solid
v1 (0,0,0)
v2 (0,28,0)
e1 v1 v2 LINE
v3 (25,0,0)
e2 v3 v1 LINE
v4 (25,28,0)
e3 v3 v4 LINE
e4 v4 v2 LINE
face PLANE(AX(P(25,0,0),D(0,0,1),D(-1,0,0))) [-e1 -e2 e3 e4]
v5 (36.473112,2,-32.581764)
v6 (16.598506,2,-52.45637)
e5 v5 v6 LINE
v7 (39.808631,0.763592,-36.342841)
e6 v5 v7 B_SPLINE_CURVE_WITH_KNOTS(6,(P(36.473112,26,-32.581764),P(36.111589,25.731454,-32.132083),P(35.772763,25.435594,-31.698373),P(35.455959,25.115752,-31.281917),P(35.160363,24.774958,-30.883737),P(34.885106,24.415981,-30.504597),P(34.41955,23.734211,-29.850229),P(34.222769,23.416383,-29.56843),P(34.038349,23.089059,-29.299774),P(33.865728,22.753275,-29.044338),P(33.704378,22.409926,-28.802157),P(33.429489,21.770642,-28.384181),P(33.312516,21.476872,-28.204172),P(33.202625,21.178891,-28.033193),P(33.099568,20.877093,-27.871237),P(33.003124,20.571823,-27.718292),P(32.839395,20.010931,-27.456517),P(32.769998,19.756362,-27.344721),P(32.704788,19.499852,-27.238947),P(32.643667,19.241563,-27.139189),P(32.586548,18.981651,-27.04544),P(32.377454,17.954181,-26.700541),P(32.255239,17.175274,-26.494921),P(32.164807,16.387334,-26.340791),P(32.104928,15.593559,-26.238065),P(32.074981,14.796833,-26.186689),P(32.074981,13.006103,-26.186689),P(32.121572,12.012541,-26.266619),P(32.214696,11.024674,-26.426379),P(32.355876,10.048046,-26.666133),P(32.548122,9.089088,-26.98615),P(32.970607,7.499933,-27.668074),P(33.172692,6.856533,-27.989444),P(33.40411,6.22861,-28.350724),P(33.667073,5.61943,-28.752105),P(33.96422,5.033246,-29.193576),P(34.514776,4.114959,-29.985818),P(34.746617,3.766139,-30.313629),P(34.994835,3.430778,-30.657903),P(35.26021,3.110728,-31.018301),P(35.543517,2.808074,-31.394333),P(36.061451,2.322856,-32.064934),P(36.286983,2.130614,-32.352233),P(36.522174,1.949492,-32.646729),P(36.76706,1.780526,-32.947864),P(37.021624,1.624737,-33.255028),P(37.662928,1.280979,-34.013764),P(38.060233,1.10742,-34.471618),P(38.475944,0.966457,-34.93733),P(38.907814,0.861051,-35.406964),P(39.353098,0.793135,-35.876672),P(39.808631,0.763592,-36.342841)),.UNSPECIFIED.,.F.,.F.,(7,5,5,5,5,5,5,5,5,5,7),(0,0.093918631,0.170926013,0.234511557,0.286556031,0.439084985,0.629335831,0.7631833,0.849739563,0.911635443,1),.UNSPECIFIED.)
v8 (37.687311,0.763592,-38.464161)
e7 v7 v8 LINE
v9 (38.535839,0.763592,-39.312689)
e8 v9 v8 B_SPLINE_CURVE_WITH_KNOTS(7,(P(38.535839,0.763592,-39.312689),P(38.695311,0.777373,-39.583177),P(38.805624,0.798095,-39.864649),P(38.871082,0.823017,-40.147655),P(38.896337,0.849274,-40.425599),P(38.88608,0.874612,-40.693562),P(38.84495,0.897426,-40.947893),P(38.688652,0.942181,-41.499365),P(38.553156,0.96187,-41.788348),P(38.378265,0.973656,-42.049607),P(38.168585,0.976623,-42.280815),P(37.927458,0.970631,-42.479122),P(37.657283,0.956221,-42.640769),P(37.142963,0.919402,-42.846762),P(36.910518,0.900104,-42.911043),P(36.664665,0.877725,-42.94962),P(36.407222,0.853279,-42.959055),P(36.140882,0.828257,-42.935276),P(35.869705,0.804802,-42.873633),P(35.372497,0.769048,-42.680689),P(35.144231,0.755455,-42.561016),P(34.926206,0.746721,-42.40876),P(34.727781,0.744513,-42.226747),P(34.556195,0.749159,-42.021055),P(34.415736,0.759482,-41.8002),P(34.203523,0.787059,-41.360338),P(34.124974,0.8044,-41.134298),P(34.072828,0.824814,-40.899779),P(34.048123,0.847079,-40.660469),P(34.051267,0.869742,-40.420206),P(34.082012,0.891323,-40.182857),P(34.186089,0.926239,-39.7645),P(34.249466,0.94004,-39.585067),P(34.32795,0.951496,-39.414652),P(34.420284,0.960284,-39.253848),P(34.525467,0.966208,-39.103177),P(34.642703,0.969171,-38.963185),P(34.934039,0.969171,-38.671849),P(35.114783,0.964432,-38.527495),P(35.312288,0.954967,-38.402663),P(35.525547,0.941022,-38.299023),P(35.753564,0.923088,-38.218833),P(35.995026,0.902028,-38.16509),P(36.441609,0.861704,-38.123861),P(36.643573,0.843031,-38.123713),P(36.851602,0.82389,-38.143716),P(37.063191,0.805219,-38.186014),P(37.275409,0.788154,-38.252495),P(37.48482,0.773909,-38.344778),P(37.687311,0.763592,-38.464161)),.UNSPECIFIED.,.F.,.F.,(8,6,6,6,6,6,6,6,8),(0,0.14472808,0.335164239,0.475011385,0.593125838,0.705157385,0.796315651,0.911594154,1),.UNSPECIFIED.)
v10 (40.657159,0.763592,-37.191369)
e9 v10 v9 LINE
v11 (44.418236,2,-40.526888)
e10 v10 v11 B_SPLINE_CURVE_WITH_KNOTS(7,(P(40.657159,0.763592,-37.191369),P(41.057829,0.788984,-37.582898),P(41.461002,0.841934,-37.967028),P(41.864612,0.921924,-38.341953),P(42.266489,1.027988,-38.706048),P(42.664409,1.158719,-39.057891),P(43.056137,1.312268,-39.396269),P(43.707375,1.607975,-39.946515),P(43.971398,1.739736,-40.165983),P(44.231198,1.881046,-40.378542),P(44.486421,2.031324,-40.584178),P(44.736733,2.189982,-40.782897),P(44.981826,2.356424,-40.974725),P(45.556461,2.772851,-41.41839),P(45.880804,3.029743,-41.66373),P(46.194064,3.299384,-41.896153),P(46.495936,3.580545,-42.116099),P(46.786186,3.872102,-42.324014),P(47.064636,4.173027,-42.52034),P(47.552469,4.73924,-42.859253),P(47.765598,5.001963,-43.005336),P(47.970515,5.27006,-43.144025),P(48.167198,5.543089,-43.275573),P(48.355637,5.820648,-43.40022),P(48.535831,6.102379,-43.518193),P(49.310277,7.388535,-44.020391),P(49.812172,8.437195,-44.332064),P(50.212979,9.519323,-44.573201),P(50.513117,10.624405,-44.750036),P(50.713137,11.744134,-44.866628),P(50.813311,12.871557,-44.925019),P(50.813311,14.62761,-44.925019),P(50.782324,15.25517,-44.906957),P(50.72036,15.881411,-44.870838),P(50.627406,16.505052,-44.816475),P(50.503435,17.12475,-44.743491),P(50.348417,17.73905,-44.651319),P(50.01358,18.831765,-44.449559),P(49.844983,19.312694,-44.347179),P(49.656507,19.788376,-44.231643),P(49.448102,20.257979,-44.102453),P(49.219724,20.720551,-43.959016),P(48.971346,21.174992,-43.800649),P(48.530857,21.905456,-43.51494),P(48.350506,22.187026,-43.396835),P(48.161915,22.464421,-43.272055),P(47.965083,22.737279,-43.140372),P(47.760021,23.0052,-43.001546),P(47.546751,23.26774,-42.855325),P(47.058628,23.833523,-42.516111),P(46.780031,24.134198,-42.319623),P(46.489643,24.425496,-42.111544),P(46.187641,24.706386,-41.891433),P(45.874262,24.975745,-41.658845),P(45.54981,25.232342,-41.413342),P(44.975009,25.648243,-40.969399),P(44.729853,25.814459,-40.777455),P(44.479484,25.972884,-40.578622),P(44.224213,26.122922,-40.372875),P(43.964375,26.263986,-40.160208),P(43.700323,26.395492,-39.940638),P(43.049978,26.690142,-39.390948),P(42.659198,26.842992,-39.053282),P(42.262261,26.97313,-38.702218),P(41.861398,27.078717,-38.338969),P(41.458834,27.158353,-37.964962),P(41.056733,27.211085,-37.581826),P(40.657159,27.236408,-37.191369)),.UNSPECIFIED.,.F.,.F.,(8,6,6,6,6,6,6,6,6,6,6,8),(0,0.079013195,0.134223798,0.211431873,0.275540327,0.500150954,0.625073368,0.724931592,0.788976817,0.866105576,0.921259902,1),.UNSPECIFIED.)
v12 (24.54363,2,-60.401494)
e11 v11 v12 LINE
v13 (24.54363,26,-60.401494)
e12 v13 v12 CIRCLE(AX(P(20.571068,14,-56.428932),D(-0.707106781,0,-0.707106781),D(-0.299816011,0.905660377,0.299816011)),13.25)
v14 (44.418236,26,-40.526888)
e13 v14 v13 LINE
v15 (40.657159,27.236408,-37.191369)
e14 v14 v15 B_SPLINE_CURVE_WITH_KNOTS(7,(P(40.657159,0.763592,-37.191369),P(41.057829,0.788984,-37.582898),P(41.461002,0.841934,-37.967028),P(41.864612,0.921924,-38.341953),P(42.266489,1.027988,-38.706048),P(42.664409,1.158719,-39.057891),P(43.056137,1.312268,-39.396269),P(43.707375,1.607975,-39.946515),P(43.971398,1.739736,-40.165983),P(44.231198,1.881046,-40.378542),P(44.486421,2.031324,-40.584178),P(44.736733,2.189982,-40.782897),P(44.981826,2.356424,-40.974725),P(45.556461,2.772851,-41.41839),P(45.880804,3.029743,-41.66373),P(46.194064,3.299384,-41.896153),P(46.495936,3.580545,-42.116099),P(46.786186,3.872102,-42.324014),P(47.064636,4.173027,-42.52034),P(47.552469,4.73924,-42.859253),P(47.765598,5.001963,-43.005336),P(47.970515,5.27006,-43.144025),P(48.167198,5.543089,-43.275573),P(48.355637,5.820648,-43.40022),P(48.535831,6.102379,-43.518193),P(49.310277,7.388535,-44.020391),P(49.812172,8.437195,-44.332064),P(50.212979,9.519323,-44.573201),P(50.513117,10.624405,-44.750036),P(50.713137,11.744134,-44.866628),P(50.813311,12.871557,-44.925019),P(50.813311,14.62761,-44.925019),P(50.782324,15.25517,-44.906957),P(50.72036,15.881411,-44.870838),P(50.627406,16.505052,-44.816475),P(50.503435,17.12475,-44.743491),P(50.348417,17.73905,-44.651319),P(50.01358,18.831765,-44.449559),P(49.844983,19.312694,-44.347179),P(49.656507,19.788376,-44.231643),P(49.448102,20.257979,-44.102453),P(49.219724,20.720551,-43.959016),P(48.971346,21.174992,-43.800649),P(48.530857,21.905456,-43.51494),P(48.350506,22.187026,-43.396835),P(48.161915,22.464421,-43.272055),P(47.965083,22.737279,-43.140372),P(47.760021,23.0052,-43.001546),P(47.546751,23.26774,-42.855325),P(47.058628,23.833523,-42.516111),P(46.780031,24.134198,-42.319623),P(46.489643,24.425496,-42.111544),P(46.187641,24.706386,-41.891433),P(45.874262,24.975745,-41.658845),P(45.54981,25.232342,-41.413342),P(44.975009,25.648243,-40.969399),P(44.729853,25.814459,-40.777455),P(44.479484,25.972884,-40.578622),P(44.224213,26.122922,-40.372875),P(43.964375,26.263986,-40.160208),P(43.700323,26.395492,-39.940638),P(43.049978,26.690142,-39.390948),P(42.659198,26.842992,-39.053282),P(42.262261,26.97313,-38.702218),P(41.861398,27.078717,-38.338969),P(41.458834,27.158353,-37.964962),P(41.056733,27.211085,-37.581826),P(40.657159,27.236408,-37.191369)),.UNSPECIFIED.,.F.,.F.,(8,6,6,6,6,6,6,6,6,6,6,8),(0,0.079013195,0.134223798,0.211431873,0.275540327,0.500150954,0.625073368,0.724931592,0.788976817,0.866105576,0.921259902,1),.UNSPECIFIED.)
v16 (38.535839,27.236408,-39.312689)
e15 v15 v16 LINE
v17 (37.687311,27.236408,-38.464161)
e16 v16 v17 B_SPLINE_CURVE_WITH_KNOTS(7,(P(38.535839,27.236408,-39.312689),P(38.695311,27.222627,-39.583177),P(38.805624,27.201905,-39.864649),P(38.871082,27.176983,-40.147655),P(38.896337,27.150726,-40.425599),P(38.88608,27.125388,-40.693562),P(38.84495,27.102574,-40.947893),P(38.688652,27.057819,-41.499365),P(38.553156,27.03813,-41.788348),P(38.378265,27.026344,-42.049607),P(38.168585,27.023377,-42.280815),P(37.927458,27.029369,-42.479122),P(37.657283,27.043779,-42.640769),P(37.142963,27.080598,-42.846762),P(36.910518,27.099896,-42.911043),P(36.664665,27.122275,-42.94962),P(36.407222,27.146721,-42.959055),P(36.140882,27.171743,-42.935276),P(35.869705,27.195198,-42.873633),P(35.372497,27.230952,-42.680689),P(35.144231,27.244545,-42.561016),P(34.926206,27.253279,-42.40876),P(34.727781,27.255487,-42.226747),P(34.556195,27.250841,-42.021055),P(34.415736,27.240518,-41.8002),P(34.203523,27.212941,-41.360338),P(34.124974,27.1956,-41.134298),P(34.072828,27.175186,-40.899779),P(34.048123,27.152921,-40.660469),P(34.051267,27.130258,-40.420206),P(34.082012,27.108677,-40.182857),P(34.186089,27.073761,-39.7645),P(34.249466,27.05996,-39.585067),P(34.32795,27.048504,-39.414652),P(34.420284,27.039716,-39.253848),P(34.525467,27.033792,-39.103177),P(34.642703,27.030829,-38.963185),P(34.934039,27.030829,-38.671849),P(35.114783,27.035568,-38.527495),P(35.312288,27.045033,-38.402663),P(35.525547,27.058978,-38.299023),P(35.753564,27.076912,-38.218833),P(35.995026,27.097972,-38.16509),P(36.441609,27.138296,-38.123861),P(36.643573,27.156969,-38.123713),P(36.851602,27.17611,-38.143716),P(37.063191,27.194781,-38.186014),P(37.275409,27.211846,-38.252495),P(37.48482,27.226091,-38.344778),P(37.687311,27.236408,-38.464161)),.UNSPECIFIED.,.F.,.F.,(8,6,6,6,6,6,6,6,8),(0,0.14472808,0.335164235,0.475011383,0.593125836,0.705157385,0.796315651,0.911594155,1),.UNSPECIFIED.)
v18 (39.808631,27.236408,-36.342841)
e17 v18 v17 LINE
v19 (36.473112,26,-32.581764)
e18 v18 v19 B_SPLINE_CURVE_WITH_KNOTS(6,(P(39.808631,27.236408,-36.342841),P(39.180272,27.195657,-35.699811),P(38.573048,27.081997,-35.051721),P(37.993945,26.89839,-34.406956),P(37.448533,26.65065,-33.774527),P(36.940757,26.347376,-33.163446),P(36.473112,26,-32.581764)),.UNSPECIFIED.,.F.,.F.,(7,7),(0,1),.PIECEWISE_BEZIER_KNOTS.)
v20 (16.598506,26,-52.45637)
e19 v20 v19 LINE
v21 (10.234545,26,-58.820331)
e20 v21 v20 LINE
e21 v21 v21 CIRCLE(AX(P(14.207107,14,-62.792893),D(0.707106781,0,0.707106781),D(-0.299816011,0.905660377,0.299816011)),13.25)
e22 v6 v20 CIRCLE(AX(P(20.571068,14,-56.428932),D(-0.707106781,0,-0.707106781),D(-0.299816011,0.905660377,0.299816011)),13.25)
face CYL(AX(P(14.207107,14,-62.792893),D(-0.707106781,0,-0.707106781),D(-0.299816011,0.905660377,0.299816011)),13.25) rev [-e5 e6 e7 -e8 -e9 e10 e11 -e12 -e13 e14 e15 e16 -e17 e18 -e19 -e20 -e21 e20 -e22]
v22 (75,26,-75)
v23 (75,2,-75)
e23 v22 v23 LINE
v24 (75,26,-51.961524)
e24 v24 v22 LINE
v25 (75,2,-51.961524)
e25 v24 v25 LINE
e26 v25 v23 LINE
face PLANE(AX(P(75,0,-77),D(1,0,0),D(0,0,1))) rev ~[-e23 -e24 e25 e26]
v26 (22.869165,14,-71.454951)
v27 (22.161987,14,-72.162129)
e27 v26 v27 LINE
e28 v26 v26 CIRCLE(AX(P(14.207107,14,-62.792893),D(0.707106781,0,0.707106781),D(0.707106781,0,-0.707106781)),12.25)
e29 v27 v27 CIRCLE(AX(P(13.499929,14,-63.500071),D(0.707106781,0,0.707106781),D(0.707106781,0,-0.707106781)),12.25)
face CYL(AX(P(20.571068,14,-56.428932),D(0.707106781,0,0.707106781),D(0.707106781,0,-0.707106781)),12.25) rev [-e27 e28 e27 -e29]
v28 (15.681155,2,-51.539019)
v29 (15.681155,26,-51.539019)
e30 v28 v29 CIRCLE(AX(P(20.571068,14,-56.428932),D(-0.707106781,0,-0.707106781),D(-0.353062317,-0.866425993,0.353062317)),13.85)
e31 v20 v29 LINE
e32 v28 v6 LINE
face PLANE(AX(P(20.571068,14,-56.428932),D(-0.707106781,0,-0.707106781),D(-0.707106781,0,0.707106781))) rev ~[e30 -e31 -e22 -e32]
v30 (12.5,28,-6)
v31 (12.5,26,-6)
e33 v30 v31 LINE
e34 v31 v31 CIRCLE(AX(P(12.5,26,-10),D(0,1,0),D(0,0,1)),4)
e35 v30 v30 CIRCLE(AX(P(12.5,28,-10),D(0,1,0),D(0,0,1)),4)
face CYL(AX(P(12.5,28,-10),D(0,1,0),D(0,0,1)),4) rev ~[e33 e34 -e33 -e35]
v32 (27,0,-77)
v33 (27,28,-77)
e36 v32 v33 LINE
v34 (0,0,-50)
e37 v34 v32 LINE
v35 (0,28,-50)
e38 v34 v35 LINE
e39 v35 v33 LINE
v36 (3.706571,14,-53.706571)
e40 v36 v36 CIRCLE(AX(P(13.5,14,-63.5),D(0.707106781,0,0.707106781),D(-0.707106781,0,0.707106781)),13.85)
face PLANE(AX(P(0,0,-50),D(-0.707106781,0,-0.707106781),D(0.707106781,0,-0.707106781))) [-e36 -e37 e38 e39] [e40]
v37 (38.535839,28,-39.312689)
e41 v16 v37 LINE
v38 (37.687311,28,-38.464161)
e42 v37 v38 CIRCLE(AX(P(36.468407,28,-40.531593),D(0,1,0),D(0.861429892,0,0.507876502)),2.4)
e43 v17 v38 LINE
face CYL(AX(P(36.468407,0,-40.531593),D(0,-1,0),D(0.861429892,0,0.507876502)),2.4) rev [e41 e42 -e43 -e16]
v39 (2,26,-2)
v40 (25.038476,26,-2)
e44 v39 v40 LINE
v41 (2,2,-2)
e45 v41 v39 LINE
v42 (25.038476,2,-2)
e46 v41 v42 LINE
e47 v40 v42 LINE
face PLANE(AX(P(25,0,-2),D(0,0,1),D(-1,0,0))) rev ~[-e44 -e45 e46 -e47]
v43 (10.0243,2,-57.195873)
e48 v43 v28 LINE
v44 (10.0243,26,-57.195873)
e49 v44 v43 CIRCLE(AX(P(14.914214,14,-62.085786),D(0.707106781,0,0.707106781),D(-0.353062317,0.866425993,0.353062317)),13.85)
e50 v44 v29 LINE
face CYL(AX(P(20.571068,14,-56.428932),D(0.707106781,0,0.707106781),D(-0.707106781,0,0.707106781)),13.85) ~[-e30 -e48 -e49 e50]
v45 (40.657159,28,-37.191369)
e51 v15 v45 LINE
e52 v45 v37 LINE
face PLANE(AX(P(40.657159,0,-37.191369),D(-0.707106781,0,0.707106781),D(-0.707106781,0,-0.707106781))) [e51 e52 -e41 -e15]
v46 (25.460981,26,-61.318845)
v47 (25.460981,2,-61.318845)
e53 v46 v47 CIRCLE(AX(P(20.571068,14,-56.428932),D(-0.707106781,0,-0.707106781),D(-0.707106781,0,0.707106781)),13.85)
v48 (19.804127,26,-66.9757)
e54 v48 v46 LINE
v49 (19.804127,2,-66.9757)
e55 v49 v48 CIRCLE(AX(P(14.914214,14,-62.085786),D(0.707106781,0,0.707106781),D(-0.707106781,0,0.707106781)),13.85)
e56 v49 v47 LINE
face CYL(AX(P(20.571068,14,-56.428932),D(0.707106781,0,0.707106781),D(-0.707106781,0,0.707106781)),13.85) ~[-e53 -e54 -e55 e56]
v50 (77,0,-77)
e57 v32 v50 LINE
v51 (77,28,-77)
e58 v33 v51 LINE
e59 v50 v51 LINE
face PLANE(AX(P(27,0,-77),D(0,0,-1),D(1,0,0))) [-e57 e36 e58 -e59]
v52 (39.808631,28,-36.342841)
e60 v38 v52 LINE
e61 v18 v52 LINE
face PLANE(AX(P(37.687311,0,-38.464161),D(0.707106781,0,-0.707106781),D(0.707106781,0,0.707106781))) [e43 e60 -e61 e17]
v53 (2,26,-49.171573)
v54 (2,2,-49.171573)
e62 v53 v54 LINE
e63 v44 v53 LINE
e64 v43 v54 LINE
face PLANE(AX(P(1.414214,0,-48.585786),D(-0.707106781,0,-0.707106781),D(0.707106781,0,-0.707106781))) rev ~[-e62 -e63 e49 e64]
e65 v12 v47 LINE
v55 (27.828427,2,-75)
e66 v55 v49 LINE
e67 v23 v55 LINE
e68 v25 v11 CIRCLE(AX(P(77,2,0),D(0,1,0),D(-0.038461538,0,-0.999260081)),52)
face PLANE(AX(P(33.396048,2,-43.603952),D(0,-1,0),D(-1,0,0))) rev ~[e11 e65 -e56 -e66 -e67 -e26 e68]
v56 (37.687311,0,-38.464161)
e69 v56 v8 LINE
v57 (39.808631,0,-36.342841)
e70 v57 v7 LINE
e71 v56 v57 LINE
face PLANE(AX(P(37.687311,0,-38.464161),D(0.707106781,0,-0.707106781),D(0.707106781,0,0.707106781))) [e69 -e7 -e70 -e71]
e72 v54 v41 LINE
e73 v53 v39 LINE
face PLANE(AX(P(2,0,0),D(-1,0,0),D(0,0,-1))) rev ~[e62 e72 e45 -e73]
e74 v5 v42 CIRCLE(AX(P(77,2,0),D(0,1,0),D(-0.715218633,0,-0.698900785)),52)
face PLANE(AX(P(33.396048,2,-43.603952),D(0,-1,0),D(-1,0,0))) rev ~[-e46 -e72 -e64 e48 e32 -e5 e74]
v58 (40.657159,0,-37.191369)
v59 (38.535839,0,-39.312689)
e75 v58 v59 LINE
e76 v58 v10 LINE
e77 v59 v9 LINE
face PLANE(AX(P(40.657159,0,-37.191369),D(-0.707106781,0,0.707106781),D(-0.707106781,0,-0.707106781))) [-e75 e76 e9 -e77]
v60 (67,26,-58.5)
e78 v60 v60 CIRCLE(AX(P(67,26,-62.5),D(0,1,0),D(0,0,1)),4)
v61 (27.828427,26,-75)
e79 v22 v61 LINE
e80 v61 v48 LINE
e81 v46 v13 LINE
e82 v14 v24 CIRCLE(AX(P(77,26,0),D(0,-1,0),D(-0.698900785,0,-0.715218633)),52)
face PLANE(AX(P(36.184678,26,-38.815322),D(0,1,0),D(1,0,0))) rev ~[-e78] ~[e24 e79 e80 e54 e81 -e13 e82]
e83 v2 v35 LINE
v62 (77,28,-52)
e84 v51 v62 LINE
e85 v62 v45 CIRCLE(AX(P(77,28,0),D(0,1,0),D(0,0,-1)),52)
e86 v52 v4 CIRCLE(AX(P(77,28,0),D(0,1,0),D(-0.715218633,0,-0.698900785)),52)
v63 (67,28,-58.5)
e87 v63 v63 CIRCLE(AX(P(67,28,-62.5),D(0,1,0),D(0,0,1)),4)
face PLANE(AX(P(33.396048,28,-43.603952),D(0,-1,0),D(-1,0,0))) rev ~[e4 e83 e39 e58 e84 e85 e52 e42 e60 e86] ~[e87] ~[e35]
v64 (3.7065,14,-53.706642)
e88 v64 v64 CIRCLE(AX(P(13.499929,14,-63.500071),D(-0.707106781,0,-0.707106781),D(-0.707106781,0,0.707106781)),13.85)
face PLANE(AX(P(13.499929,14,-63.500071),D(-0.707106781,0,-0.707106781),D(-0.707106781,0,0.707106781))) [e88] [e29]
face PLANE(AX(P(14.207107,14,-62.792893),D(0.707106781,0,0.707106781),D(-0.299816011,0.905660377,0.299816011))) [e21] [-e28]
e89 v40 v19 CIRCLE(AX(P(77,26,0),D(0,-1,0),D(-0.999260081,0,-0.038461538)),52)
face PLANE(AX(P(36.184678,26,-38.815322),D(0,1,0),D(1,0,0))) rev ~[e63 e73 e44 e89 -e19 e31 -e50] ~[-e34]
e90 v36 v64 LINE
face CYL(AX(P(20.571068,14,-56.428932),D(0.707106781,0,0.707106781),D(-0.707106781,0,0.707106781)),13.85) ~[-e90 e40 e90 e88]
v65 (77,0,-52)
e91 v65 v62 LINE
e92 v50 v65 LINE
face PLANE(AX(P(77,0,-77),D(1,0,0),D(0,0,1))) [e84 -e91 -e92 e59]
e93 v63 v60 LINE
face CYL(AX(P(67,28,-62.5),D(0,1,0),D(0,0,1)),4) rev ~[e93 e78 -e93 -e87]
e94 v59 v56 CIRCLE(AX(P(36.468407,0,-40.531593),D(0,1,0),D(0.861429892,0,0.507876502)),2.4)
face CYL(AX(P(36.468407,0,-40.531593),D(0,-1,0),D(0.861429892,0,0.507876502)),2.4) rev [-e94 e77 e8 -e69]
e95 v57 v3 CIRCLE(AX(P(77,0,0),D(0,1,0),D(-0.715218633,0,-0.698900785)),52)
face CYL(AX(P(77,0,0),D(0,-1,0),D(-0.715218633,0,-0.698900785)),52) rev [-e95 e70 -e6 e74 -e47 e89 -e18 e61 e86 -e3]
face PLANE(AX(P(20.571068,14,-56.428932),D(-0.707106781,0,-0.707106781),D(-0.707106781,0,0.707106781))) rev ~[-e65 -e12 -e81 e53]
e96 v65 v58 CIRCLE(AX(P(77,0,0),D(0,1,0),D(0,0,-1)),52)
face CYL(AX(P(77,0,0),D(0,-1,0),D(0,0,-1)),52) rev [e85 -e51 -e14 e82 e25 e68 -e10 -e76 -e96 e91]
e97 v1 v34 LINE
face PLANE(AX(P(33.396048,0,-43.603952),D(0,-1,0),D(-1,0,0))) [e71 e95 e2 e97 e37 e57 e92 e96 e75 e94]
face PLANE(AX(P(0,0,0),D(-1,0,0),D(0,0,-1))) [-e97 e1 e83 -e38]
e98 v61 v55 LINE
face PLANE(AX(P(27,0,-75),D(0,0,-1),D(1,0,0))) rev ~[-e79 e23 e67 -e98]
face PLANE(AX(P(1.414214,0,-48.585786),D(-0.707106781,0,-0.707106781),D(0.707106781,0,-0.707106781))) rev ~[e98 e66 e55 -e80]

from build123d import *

# Parameters (mm, degrees)
BOSS_EXTRUDE1_DEPTH      = 28
SHELL1_T                 = -2
CUT_EXTRUDE1_DEPTH       = 12
CUT_EXTRUDE1_DEPTH_BACK  = 12
SKETCH9_R                = 6.4
SKETCH12_R               = 4
CUT_EXTRUDE3_DEPTH       = 2
BOSS_EXTRUDE2_DEPTH      = 0.0001
BOSS_EXTRUDE2_DEPTH_BACK = 10
SKETCH11_R               = 13.85
CUT_EXTRUDE4_DEPTH       = 35
CUT_EXTRUDE4_DEPTH_BACK  = 9
SKETCH13_R               = 13.25
CUT_EXTRUDE5_DEPTH       = 10
CUT_EXTRUDE5_DEPTH_BACK  = 10
SKETCH15_R               = 12.25


with BuildPart() as part:
    # Sketch1 → Boss-Extrude1 (new body)
    with BuildSketch(Plane(origin=(0, 0, 0), x_dir=(1, 0, 0), z_dir=(0, 1, 0))):
        with BuildLine():
            Line((0, 0), (0, 50))
            Line((0, 50), (27, 77))
            Line((27, 77), (77, 77))
            Line((77, 77), (77, 52))
            ThreePointArc((77, 52), (57.377961172, 48.155743087), (40.657159206, 37.191368932))
            Line((40.657159206, 37.191368932), (38.535838862, 39.312689275))
            ThreePointArc((38.535838862, 39.312689275), (34.771350846, 42.228649154), (37.687310725, 38.464161138))
            Line((37.687310725, 38.464161138), (39.808631068, 36.342840794))
            ThreePointArc((39.808631068, 36.342840794), (28.844256913, 19.622038828), (25, 0))
            Line((25, 0), (0, 0))
        make_face()
    extrude(amount=BOSS_EXTRUDE1_DEPTH)

    # Shell1
    shell1_openings = [part.faces().sort_by_distance(p)[0] for p in [
        (57.377961172, 14, -48.155743087),
        (28.844256913, 14, -19.622038828),
    ]]
    offset(amount=SHELL1_T, openings=shell1_openings, kind=Kind.INTERSECTION)

    # Sketch9 → Cut-Extrude1 (cut, two sides: drawn at the far end of the back side and taken through both)
    with BuildSketch(Plane(origin=(0, 14, 0), x_dir=(1, 0, 0), z_dir=(0, 1, 0)).offset(-CUT_EXTRUDE1_DEPTH_BACK)):
        with Locations((36.184678266, 38.815321734)):
            Circle(SKETCH9_R)
    extrude(amount=CUT_EXTRUDE1_DEPTH + CUT_EXTRUDE1_DEPTH_BACK, mode=Mode.SUBTRACT)

    # Sketch12 → Cut-Extrude3 (cut)
    with BuildSketch(Plane(origin=(0, 28, 0), x_dir=(1, 0, 0), z_dir=(0, 1, 0))):
        with Locations((67, 62.5)):
            Circle(SKETCH12_R)
        with Locations((12.5, 10)):
            Circle(SKETCH12_R)
    extrude(amount=-CUT_EXTRUDE3_DEPTH, mode=Mode.SUBTRACT)

    # Sketch11 → Boss-Extrude2 (add, two sides: drawn at the far end of the back side and taken through both)
    with BuildSketch(Plane(origin=(-25, 0, -25), x_dir=(-0.7071067811865435, 0, 0.7071067811865517), z_dir=(-0.7071067811865517, 0, -0.7071067811865435)).offset(-BOSS_EXTRUDE2_DEPTH_BACK)):
        with Locations((-54.447222151, 14)):
            Circle(SKETCH11_R)
    extrude(amount=BOSS_EXTRUDE2_DEPTH + BOSS_EXTRUDE2_DEPTH_BACK)

    # Sketch13 → Cut-Extrude4 (cut, two sides: drawn at the far end of the back side and taken through both)
    with BuildSketch(Plane(origin=(-17.928932188, 0, -17.928932188), x_dir=(0.7071067811865435, 0, -0.7071067811865516), z_dir=(0.7071067811865516, 0, 0.7071067811865435)).offset(-CUT_EXTRUDE4_DEPTH_BACK)):
        with Locations((54.447222151, 14)):
            Circle(SKETCH13_R)
    extrude(amount=CUT_EXTRUDE4_DEPTH + CUT_EXTRUDE4_DEPTH_BACK, mode=Mode.SUBTRACT)

    # Sketch15 → Cut-Extrude5 (cut, two sides: drawn at the far end of the back side and taken through both)
    with BuildSketch(Plane(origin=(-25, 0, -25), x_dir=(-0.7071067811865435, 0, 0.7071067811865517), z_dir=(-0.7071067811865517, 0, -0.7071067811865435)).offset(-CUT_EXTRUDE5_DEPTH_BACK)):
        with Locations((-54.447222151, 14)):
            Circle(SKETCH15_R)
    extrude(amount=CUT_EXTRUDE5_DEPTH + CUT_EXTRUDE5_DEPTH_BACK, mode=Mode.SUBTRACT)


solid = part.part
